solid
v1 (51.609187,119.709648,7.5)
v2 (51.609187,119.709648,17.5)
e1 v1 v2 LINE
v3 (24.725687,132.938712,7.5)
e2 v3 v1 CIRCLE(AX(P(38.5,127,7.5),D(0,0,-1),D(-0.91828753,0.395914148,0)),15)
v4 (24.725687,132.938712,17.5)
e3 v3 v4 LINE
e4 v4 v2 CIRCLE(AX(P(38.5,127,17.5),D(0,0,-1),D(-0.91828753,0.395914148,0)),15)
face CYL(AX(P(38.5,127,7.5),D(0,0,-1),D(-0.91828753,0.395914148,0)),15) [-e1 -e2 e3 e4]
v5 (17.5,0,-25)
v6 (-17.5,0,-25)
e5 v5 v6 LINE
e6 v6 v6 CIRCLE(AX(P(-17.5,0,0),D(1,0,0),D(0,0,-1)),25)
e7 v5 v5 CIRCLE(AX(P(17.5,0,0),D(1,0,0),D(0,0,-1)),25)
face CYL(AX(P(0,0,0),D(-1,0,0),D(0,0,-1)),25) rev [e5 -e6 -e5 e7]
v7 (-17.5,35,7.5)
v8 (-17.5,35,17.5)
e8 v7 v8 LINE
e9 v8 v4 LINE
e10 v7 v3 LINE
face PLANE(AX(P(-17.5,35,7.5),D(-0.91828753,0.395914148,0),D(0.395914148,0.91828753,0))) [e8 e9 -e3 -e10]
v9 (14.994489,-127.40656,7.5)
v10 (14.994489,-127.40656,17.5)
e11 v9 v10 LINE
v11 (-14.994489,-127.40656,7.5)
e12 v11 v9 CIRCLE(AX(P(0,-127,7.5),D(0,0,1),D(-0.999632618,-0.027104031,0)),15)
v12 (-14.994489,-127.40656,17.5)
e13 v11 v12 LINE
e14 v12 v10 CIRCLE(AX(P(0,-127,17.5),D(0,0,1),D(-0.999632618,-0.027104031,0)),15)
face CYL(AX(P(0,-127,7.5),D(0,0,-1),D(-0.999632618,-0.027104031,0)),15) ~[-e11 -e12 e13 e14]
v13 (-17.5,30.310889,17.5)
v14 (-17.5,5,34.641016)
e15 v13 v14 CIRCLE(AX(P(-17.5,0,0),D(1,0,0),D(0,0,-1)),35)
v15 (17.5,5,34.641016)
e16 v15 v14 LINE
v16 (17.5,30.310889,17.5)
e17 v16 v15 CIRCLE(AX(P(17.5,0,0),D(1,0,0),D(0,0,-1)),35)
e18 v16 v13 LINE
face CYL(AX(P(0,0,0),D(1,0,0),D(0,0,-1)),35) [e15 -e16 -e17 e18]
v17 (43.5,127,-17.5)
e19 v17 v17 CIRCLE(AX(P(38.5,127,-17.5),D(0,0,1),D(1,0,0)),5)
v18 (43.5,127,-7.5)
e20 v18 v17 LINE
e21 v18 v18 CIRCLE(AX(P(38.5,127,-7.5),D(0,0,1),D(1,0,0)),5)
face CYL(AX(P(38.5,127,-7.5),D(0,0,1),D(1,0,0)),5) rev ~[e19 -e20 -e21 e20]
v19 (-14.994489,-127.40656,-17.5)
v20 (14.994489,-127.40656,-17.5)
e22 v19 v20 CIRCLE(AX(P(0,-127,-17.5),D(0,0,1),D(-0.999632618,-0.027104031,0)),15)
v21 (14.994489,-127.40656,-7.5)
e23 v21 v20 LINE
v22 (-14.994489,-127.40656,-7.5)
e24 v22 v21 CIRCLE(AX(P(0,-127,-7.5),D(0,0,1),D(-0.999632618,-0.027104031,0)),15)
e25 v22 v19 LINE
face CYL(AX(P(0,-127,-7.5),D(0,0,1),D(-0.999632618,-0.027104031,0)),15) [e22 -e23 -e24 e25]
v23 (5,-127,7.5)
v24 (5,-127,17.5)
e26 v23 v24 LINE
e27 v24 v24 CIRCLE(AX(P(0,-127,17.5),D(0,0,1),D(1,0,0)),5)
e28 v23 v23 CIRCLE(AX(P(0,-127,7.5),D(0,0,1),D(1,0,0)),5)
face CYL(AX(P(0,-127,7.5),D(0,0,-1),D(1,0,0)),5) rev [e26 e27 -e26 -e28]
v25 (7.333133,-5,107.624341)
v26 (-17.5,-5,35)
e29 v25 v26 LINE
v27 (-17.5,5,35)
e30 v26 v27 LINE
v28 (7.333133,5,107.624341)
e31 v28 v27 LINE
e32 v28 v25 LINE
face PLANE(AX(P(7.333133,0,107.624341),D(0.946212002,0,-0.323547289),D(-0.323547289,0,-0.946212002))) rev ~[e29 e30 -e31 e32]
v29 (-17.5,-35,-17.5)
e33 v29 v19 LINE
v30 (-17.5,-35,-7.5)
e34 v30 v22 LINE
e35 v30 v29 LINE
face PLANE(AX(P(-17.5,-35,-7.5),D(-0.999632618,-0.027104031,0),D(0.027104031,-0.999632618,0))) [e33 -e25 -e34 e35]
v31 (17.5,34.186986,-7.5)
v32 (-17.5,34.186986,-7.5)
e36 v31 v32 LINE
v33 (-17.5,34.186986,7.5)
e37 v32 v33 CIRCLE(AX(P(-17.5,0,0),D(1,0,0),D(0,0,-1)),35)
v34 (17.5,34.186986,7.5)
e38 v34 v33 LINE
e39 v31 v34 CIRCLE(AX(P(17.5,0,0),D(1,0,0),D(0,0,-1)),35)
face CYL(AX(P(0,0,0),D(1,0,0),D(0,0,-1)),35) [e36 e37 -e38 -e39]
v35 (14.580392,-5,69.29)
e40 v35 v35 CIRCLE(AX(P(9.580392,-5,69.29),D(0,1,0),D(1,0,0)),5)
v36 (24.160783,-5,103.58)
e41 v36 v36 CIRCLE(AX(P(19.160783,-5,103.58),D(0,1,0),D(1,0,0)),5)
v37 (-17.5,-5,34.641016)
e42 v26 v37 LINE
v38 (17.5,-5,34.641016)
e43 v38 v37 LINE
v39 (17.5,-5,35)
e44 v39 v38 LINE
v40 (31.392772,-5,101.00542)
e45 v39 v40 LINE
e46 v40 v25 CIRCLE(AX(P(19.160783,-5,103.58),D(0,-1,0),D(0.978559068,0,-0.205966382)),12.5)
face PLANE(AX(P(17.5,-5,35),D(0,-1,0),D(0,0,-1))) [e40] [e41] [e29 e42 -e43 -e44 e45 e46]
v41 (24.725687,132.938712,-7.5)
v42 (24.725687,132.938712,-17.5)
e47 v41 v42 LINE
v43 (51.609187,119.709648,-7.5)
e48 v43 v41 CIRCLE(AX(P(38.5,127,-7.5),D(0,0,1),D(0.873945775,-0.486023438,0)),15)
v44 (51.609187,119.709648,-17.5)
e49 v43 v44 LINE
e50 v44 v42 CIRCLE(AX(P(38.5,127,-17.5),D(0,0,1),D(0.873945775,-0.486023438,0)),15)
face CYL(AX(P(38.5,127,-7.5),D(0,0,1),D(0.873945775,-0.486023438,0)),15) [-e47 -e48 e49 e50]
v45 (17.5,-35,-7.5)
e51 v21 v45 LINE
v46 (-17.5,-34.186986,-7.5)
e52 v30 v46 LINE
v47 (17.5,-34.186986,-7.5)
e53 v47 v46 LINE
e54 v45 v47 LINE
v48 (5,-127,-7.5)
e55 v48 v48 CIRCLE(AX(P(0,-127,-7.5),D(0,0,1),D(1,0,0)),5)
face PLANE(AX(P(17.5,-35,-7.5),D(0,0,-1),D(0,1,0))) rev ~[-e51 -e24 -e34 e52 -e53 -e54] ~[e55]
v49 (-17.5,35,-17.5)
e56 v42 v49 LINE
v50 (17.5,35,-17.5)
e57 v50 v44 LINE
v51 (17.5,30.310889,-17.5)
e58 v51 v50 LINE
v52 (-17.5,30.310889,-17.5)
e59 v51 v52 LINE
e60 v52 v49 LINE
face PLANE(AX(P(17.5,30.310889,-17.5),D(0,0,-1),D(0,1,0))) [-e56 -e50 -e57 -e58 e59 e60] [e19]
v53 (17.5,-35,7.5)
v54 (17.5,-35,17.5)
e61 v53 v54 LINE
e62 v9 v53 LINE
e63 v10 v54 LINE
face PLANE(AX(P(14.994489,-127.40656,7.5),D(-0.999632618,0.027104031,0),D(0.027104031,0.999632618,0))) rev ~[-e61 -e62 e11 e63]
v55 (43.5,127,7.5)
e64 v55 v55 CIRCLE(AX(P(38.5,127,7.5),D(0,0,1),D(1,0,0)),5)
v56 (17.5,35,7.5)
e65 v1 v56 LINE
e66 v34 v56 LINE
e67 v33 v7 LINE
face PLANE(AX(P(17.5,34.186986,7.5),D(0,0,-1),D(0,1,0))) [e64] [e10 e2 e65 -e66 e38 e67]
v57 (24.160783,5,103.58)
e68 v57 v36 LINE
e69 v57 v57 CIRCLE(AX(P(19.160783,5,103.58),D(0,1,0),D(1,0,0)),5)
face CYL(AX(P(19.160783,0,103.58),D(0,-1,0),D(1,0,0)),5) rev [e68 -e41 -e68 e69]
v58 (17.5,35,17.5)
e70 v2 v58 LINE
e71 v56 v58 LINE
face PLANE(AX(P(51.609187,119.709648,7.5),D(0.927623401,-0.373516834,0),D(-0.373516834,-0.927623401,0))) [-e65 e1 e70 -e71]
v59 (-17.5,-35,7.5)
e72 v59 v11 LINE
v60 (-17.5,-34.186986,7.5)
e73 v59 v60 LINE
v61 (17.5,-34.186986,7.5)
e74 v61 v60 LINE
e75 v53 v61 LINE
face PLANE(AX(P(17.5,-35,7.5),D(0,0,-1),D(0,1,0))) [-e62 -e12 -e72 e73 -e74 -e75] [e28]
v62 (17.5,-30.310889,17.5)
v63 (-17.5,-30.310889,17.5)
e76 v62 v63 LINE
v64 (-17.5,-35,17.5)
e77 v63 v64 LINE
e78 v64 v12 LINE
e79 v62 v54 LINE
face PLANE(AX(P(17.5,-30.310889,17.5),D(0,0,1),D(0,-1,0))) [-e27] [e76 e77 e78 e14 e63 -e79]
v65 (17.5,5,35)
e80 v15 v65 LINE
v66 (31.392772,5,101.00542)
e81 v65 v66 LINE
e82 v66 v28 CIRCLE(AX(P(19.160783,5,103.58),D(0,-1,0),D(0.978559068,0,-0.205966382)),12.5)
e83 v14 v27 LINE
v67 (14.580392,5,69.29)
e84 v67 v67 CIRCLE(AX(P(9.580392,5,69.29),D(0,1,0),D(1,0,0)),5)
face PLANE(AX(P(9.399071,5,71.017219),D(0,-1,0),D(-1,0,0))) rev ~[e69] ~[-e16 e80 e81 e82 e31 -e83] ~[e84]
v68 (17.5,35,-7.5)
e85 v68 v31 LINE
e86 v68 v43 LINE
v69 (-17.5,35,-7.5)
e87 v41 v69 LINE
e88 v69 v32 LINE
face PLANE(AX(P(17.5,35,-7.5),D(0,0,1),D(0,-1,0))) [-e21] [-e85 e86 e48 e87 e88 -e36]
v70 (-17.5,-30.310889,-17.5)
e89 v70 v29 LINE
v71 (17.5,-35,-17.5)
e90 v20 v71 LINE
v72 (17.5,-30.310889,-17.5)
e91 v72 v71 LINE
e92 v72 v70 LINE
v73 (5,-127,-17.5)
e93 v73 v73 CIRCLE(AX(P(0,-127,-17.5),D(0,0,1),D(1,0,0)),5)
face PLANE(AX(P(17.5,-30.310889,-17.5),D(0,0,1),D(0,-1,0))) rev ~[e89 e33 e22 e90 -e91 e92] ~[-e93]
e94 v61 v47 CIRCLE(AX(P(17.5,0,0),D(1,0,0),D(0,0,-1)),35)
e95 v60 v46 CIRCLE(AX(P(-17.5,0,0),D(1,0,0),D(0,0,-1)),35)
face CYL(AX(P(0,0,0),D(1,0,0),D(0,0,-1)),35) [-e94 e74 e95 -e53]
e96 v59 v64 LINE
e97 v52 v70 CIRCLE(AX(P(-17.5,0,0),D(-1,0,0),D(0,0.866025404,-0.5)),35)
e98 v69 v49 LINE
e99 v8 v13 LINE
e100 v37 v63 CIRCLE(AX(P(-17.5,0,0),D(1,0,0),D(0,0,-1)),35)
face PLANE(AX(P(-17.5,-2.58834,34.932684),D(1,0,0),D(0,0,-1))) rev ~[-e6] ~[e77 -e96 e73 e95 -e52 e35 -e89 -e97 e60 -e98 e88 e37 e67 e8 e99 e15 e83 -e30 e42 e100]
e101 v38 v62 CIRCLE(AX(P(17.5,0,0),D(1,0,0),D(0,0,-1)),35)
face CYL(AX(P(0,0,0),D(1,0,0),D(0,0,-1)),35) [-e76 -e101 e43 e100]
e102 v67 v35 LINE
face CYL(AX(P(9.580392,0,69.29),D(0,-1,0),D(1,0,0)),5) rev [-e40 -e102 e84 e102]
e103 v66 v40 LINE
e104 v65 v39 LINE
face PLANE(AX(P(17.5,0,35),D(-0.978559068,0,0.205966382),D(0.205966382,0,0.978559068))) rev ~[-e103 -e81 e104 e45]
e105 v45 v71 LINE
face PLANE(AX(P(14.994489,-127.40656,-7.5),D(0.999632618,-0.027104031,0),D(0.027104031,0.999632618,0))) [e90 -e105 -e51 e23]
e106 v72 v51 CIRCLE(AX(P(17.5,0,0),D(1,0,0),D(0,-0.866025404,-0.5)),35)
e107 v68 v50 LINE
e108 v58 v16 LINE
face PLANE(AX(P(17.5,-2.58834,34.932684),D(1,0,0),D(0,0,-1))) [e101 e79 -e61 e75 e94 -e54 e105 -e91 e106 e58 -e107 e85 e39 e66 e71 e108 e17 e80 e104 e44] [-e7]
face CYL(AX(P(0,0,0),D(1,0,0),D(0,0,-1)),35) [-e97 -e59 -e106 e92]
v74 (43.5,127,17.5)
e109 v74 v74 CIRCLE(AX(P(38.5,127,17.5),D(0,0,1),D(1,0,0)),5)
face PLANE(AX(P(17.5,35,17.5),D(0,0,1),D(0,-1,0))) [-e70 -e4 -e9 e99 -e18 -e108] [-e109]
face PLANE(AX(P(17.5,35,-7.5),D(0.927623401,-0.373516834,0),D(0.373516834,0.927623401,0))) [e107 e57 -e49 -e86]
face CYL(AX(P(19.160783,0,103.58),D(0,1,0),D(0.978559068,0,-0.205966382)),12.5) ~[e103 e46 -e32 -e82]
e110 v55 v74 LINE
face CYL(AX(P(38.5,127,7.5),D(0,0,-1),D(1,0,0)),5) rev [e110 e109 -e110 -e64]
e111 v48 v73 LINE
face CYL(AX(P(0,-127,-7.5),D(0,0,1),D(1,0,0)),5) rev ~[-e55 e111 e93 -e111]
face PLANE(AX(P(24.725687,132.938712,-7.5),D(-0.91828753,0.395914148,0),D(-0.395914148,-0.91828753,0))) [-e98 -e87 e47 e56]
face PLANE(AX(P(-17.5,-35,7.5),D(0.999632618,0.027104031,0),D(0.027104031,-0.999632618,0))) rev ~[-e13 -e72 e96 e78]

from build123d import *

# Parameters (mm, degrees)
SKETCH1_R             = 35
SKETCH1_R_2           = 25
BOSS_EXTRUDE1_DEPTH   = 17.5
SKETCH5_R             = 5
BOSS_EXTRUDE3_DEPTH   = 10
BOSS_EXTRUDE3_2_DEPTH = 10
SKETCH4_R             = 5
BOSS_EXTRUDE5_DEPTH   = 10
BOSS_EXTRUDE5_2_DEPTH = 10
BOSS_EXTRUDE6_DEPTH   = 35
SKETCH14_R            = 5
BOSS_EXTRUDE12_DEPTH  = 5
BOSS_EXTRUDE13_DEPTH  = 35


with BuildPart() as part:
    # Sketch1 → Boss-Extrude1 (new body, symmetric)
    with BuildSketch(Plane(origin=(0, 0, 0), x_dir=(0, 0, -1), z_dir=(1, 0, 0))):
        Circle(SKETCH1_R)
        Circle(SKETCH1_R_2, mode=Mode.SUBTRACT)
    extrude(amount=BOSS_EXTRUDE1_DEPTH, both=True)



with BuildPart() as body_2:
    # Sketch5 → Boss-Extrude3 (new body)
    with BuildSketch(Plane.XY.offset(-7.5)):
        with BuildLine():
            Line((-17.5, -35), (-14.994489274, -127.40656046))
            ThreePointArc((-14.994489274, -127.40656046), (0, -142), (14.994489274, -127.40656046))
            Line((14.994489274, -127.40656046), (17.5, -35))
            Line((17.5, -35), (-17.5, -35))
        make_face()
        with Locations((0, -127)):
            Circle(SKETCH5_R, mode=Mode.SUBTRACT)
    extrude(amount=-BOSS_EXTRUDE3_DEPTH)


with BuildPart() as body_3:
    # Sketch5 → Boss-Extrude3 2 (new body)
    with BuildSketch(Plane.XY.offset(-7.5)):
        with BuildLine():
            Line((-17.5, 35), (17.5, 35))
            Line((17.5, 35), (51.609186621, 119.709648423))
            ThreePointArc((51.609186621, 119.709648423), (45.122886874, 140.458728374), (24.725687056, 132.938712227))
            Line((24.725687056, 132.938712227), (-17.5, 35))
        make_face()
        with Locations((38.5, 127)):
            Circle(SKETCH5_R, mode=Mode.SUBTRACT)
    extrude(amount=-BOSS_EXTRUDE3_2_DEPTH)


with BuildPart() as body_4:
    # Sketch4 → Boss-Extrude5 (new body)
    with BuildSketch(Plane.XY.offset(7.5)):
        with BuildLine():
            Line((-17.5, -35), (-14.994489274, -127.40656046))
            ThreePointArc((-14.994489274, -127.40656046), (0, -142), (14.994489274, -127.40656046))
            Line((14.994489274, -127.40656046), (17.5, -35))
            Line((17.5, -35), (-17.5, -35))
        make_face()
        with Locations((0, -127)):
            Circle(SKETCH4_R, mode=Mode.SUBTRACT)
    extrude(amount=BOSS_EXTRUDE5_DEPTH)


with BuildPart() as body_5:
    # Sketch4 → Boss-Extrude5 2 (new body)
    with BuildSketch(Plane.XY.offset(7.5)):
        with BuildLine():
            Line((-17.5, 35), (24.725687056, 132.938712227))
            ThreePointArc((24.725687056, 132.938712227), (45.122886874, 140.458728374), (51.609186621, 119.709648423))
            Line((51.609186621, 119.709648423), (17.5, 35))
            Line((17.5, 35), (-17.5, 35))
        make_face()
        with Locations((38.5, 127)):
            Circle(SKETCH4_R, mode=Mode.SUBTRACT)
    extrude(amount=BOSS_EXTRUDE5_2_DEPTH)


with BuildPart() as part_1:
    add(part.part)

    add(body_2.part)  # Boss-Extrude6 merges body 2

    add(body_3.part)  # Boss-Extrude6 merges body 3

    add(body_4.part)  # Boss-Extrude6 merges body 4

    add(body_5.part)  # Boss-Extrude6 merges body 5
    # Sketch7 → Boss-Extrude6 (add)
    with BuildSketch(Plane(origin=(17.5, 0, 0), x_dir=(0, 0, -1), z_dir=(1, 0, 0))):
        with BuildLine():
            Line((-17.5, 35), (-17.5, 30.310889132))
            ThreePointArc((-17.5, 30.310889132), (-12.64934905, 32.634245335), (-7.5, 34.186985828))
            Line((-7.5, 34.186985828), (-7.5, 35))
            Line((-7.5, 35), (-17.5, 35))
        make_face()
        with BuildLine():
            Line((7.5, 35), (7.5, 34.186985828))
            ThreePointArc((7.5, 34.186985828), (12.64934905, 32.634245335), (17.5, 30.310889132))
            Line((17.5, 30.310889132), (17.5, 35))
            Line((17.5, 35), (7.5, 35))
        make_face()
        with BuildLine():
            Line((7.5, -35), (7.5, -34.186985828))
            ThreePointArc((7.5, -34.186985828), (12.64934905, -32.634245335), (17.5, -30.310889132))
            Line((17.5, -30.310889132), (17.5, -35))
            Line((17.5, -35), (7.5, -35))
        make_face()
        with BuildLine():
            Line((-7.5, -35), (-7.5, -34.186985828))
            ThreePointArc((-7.5, -34.186985828), (-12.64934905, -32.634245335), (-17.5, -30.310889132))
            Line((-17.5, -30.310889132), (-17.5, -35))
            Line((-17.5, -35), (-7.5, -35))
        make_face()
    extrude(amount=-BOSS_EXTRUDE6_DEPTH)



with BuildPart() as body_2_2:
    # Sketch14 → Boss-Extrude12 (new body, symmetric)
    with BuildSketch(Plane(origin=(0, 0, 0), x_dir=(1, 0, 0), z_dir=(0, 1, 0))):
        with BuildLine():
            Line((17.5, -35), (31.392771581, -101.005420222))
            ThreePointArc((31.392771581, -101.005420222), (22.476413008, -115.632244571), (7.333133213, -107.624341112))
            Line((7.333133213, -107.624341112), (-17.5, -35))
            Line((-17.5, -35), (17.5, -35))
        make_face()
        with Locations((19.160783232, -103.58)):
            Circle(SKETCH14_R, mode=Mode.SUBTRACT)
        with Locations((9.580391616, -69.29)):
            Circle(SKETCH14_R, mode=Mode.SUBTRACT)
    extrude(amount=BOSS_EXTRUDE12_DEPTH, both=True)


with BuildPart() as part_2:
    add(part_1.part)

    add(body_2_2.part)  # Boss-Extrude13 merges body 2 2
    # Sketch15 → Boss-Extrude13 (add)
    with BuildSketch(Plane(origin=(17.5, 0, 0), x_dir=(0, 0, -1), z_dir=(1, 0, 0))):
        with BuildLine():
            Line((-35, 0), (-35, -5))
            Line((-35, -5), (-34.641016151, -5))
            ThreePointArc((-34.641016151, -5), (-34.91013868, -2.506435188), (-35, 0))
        make_face()
        with BuildLine():
            Line((-35, 5), (-35, 0))
            ThreePointArc((-35, 0), (-34.91013868, 2.506435188), (-34.641016151, 5))
            Line((-34.641016151, 5), (-35, 5))
        make_face()
    extrude(amount=-BOSS_EXTRUDE13_DEPTH)


solid = part_2.part
